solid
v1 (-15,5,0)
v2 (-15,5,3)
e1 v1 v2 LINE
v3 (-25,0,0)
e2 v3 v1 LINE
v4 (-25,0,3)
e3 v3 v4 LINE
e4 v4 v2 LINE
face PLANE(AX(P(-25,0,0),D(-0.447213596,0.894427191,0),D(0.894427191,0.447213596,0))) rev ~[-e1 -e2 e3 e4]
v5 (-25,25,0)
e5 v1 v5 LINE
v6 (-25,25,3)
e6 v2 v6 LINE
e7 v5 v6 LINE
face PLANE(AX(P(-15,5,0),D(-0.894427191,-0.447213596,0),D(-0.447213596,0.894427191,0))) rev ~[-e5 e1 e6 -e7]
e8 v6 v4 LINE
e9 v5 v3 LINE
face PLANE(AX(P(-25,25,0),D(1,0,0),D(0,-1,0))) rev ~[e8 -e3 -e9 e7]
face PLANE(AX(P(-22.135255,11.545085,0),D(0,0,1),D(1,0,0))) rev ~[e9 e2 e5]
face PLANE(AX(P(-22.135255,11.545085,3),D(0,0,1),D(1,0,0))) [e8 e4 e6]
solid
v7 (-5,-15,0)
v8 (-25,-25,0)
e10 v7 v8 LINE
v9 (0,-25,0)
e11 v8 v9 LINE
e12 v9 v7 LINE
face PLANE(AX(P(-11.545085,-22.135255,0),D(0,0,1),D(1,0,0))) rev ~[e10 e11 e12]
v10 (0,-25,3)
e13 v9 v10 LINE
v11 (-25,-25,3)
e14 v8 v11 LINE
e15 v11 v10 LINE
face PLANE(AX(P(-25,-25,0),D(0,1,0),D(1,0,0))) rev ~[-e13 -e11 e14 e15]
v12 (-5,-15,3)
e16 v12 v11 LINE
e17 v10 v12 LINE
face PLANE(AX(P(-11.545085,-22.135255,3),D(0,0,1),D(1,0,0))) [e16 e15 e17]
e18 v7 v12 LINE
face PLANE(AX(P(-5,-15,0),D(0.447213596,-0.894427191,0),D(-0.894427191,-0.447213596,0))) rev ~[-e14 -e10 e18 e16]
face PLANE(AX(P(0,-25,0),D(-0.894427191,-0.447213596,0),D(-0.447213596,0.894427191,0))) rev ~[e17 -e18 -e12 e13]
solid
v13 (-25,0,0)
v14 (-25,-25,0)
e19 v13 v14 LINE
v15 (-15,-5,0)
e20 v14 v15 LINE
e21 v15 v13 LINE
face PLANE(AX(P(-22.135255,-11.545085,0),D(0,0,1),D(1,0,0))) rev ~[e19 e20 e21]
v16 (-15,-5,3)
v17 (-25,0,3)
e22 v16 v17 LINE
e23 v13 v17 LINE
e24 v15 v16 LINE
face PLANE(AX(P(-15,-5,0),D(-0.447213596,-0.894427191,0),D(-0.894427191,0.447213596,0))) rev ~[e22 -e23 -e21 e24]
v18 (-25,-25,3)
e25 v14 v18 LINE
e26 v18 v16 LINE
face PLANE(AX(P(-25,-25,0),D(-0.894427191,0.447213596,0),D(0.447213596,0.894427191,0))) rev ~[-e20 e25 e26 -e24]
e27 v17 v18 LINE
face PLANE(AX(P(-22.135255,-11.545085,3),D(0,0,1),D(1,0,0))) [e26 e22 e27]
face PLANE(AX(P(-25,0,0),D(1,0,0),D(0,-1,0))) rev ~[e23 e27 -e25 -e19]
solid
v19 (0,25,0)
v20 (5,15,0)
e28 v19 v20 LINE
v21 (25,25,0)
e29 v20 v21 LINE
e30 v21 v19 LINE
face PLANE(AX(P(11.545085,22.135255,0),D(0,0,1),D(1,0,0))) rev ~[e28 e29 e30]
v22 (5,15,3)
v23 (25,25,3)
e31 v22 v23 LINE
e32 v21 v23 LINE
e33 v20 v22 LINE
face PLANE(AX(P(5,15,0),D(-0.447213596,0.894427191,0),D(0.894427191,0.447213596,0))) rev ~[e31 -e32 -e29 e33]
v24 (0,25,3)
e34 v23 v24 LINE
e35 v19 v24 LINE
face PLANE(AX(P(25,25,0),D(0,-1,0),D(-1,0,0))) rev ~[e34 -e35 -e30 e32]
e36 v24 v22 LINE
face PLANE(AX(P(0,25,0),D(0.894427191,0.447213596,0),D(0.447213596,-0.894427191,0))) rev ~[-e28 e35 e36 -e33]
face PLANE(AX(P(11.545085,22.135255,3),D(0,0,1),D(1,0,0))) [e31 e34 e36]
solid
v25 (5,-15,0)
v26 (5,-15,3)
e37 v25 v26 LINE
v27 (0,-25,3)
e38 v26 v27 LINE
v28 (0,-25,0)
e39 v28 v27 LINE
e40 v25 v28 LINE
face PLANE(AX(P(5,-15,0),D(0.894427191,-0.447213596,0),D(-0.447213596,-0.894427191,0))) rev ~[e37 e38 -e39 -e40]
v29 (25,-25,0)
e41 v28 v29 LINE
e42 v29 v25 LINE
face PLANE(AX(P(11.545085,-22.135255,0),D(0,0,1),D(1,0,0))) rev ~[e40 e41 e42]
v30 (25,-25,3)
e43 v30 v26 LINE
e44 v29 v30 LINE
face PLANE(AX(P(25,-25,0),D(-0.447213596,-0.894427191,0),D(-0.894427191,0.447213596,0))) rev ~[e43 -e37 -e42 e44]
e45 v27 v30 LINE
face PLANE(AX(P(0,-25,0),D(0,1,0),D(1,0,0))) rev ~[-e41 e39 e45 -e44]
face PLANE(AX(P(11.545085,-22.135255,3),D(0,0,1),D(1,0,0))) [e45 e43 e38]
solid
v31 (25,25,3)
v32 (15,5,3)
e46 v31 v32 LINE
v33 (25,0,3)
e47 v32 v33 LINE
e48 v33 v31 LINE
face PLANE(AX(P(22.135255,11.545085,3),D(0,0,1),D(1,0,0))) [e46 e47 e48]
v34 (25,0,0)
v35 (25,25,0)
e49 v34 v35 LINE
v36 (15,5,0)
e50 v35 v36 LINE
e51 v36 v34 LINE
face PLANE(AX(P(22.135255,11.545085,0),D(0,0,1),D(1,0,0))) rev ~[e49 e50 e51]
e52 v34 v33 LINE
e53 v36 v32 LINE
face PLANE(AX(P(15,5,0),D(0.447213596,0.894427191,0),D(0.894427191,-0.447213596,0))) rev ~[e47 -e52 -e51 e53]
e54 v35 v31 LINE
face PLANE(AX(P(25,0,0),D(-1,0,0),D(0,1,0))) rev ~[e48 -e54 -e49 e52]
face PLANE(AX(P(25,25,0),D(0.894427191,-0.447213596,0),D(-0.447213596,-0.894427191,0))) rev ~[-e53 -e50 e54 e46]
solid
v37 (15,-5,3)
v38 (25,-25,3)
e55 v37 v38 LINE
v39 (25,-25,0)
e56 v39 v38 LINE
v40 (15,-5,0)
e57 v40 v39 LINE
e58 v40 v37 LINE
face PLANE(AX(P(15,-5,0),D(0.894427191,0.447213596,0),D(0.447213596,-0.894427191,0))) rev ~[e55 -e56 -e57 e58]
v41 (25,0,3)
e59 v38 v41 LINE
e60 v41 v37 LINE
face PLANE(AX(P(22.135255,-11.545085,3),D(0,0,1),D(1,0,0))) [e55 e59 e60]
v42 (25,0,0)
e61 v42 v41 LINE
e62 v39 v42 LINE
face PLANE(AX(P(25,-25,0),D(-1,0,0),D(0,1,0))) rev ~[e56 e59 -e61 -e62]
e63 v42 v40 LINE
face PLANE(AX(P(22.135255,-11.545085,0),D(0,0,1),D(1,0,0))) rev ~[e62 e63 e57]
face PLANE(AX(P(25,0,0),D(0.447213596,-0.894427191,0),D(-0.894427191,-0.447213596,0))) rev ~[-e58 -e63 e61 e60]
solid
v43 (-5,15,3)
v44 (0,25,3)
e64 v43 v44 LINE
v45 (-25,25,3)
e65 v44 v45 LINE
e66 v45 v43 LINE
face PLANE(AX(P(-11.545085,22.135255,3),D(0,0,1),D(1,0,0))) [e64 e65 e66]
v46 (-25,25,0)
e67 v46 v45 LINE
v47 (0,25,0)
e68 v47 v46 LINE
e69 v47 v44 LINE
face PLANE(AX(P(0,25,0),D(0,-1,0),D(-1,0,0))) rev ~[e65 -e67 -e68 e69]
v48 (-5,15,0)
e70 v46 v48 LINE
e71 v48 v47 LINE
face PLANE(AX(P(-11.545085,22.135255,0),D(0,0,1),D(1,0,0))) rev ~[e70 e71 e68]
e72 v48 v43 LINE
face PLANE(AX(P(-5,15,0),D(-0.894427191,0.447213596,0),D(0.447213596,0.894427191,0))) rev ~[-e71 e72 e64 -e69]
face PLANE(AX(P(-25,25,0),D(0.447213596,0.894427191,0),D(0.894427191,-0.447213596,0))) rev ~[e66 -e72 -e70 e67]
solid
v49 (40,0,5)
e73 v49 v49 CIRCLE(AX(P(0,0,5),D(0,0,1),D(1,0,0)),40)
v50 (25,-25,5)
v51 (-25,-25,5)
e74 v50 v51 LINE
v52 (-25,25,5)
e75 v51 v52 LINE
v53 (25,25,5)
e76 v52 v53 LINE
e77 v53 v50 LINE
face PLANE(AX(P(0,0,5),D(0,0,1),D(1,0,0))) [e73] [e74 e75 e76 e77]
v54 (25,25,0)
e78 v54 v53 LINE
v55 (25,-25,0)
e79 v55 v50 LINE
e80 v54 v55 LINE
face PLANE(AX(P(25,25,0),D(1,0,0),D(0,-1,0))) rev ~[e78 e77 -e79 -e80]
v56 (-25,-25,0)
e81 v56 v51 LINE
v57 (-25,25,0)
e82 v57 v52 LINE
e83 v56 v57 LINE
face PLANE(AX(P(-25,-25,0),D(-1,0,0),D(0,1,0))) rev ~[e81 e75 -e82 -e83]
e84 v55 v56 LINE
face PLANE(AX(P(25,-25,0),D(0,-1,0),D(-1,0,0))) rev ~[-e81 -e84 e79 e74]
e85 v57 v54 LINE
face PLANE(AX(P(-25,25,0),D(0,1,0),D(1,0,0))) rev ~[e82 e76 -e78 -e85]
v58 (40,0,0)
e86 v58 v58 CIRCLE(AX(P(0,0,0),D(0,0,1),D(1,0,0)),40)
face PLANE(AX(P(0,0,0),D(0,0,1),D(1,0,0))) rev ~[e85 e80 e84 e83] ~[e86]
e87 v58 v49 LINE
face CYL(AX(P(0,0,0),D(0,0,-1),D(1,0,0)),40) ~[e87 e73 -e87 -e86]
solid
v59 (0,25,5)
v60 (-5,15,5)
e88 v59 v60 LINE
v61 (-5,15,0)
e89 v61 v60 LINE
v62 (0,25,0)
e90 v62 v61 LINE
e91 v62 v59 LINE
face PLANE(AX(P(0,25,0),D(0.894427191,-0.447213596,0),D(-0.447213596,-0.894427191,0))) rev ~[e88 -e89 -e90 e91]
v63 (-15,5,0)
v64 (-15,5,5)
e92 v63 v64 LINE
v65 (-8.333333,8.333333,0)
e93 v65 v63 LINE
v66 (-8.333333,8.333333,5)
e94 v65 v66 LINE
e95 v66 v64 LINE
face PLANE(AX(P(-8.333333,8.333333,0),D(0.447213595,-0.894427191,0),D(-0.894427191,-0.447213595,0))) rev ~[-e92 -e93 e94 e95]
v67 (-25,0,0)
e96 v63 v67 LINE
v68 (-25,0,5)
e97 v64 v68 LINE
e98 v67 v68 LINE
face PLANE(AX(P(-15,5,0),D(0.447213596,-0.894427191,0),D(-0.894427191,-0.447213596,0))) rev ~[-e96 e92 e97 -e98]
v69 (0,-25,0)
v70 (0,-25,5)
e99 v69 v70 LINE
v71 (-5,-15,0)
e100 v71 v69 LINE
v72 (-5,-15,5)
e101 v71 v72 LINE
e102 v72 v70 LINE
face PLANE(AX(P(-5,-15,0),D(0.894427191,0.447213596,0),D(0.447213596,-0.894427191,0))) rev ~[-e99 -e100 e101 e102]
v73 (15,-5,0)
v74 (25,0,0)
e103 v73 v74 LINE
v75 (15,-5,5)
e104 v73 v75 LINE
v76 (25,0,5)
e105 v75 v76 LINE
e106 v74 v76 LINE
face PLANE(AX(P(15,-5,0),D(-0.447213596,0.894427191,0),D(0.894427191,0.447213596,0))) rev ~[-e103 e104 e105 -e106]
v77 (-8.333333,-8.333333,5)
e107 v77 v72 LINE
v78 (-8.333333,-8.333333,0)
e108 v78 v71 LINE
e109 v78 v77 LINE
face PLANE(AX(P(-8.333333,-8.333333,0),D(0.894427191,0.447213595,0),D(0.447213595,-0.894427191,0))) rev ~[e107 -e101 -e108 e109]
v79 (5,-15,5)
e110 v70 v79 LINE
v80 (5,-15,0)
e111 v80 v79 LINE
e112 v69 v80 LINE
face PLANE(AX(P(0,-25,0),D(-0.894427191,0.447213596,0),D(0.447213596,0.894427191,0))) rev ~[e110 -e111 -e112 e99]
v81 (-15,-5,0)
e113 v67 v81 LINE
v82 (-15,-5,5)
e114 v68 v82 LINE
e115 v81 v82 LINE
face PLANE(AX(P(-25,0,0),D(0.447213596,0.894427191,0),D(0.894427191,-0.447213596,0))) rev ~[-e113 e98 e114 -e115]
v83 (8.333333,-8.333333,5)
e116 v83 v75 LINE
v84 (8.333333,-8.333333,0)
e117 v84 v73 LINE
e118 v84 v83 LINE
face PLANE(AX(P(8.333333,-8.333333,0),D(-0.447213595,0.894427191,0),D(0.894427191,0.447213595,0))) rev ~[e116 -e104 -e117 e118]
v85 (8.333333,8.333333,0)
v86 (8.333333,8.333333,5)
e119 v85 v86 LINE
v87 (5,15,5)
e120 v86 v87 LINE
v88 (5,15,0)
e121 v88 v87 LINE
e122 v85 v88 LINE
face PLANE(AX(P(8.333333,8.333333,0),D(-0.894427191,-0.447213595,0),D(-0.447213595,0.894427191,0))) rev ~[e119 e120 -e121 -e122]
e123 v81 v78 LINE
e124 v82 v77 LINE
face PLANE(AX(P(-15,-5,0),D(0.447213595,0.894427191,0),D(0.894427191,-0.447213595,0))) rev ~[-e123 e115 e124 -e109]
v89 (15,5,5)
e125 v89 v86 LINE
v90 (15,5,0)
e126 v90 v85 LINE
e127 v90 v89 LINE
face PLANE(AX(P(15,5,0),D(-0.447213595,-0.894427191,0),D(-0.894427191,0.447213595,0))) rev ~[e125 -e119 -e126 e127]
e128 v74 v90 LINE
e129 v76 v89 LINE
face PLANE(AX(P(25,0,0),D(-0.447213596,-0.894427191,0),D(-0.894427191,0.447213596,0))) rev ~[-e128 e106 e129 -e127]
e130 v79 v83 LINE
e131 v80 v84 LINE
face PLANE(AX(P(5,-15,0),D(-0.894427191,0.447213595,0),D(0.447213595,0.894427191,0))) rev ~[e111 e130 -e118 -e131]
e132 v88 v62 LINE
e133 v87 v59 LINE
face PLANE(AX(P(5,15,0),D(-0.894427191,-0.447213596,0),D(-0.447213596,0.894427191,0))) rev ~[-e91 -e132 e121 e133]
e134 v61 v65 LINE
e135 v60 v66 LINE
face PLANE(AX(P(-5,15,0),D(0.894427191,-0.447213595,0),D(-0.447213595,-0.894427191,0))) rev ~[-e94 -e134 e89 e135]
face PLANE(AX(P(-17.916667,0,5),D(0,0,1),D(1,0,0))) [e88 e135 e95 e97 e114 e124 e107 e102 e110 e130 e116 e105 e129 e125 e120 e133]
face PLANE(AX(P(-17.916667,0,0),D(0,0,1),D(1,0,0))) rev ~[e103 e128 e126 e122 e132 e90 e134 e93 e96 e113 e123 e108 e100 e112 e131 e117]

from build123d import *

# Parameters (mm, degrees)
F0_R     = 40
F1_DEPTH = 5
F2_DEPTH = 3


with BuildPart() as f1:
    # F0 (on Top) → F1 (new body)
    with BuildSketch(Plane.XY):
        Circle(F0_R)
        Polygon((-25, 0), (-25, 25), (0, 25), (25, 25), (25, 0), (25, -25), (0, -25), (-25, -25), align=None, mode=Mode.SUBTRACT)
    extrude(amount=F1_DEPTH)


with BuildPart() as f1b:
    # F0 (on Top) → F1, piece 2 (new body)
    with BuildSketch(Plane.XY):
        Polygon((-15, 5), (-25, 0), (-15, -5), (-12.5, 0), align=None)
        Polygon((15, -5), (25, 0), (15, 5), (12.5, 0), align=None)
        Polygon((5, 15), (0, 25), (-5, 15), (0, 12.5), align=None)
        Polygon((-5, -15), (0, -25), (5, -15), (0, -12.5), align=None)
        Polygon((8.3333333333, 8.3333333333), (0, 12.5), (-8.3333333333, 8.3333333333), (-12.5, 0), (-8.3333333333, -8.3333333333), (0, -12.5), (8.3333333333, -8.3333333333), (12.5, 0), align=None)
        Polygon((-8.3333333333, 8.3333333333), (-15, 5), (-12.5, 0), align=None)
        Polygon((-12.5, 0), (-15, -5), (-8.3333333333, -8.3333333333), align=None)
        Polygon((-8.3333333333, -8.3333333333), (-5, -15), (0, -12.5), align=None)
        Polygon((0, -12.5), (5, -15), (8.3333333333, -8.3333333333), align=None)
        Polygon((8.3333333333, -8.3333333333), (15, -5), (12.5, 0), align=None)
        Polygon((12.5, 0), (15, 5), (8.3333333333, 8.3333333333), align=None)
        Polygon((8.3333333333, 8.3333333333), (5, 15), (0, 12.5), align=None)
        Polygon((0, 12.5), (-5, 15), (-8.3333333333, 8.3333333333), align=None)
    extrude(amount=F1_DEPTH)


with BuildPart() as f2:
    # F0 (on Top) → F2 (new body)
    with BuildSketch(Plane.XY):
        Polygon((-15, 5), (-25, 25), (-25, 0), align=None)
    extrude(amount=F2_DEPTH)


with BuildPart() as f2b:
    # F0 (on Top) → F2, piece 2 (new body)
    with BuildSketch(Plane.XY):
        Polygon((0, 25), (-25, 25), (-5, 15), align=None)
    extrude(amount=F2_DEPTH)


with BuildPart() as f2c:
    # F0 (on Top) → F2, piece 3 (new body)
    with BuildSketch(Plane.XY):
        Polygon((25, 25), (0, 25), (5, 15), align=None)
    extrude(amount=F2_DEPTH)


with BuildPart() as f2d:
    # F0 (on Top) → F2, piece 4 (new body)
    with BuildSketch(Plane.XY):
        Polygon((25, 0), (25, 25), (15, 5), align=None)
    extrude(amount=F2_DEPTH)


with BuildPart() as f2e:
    # F0 (on Top) → F2, piece 5 (new body)
    with BuildSketch(Plane.XY):
        Polygon((25, -25), (25, 0), (15, -5), align=None)
    extrude(amount=F2_DEPTH)


with BuildPart() as f2f:
    # F0 (on Top) → F2, piece 6 (new body)
    with BuildSketch(Plane.XY):
        Polygon((5, -15), (0, -25), (25, -25), align=None)
    extrude(amount=F2_DEPTH)


with BuildPart() as f2g:
    # F0 (on Top) → F2, piece 7 (new body)
    with BuildSketch(Plane.XY):
        Polygon((-5, -15), (-25, -25), (0, -25), align=None)
    extrude(amount=F2_DEPTH)


with BuildPart() as f2h:
    # F0 (on Top) → F2, piece 8 (new body)
    with BuildSketch(Plane.XY):
        Polygon((-15, -5), (-25, 0), (-25, -25), align=None)
    extrude(amount=F2_DEPTH)


solid = Compound([f1.part, f1b.part, f2.part, f2b.part, f2c.part, f2d.part, f2e.part, f2f.part, f2g.part, f2h.part])
